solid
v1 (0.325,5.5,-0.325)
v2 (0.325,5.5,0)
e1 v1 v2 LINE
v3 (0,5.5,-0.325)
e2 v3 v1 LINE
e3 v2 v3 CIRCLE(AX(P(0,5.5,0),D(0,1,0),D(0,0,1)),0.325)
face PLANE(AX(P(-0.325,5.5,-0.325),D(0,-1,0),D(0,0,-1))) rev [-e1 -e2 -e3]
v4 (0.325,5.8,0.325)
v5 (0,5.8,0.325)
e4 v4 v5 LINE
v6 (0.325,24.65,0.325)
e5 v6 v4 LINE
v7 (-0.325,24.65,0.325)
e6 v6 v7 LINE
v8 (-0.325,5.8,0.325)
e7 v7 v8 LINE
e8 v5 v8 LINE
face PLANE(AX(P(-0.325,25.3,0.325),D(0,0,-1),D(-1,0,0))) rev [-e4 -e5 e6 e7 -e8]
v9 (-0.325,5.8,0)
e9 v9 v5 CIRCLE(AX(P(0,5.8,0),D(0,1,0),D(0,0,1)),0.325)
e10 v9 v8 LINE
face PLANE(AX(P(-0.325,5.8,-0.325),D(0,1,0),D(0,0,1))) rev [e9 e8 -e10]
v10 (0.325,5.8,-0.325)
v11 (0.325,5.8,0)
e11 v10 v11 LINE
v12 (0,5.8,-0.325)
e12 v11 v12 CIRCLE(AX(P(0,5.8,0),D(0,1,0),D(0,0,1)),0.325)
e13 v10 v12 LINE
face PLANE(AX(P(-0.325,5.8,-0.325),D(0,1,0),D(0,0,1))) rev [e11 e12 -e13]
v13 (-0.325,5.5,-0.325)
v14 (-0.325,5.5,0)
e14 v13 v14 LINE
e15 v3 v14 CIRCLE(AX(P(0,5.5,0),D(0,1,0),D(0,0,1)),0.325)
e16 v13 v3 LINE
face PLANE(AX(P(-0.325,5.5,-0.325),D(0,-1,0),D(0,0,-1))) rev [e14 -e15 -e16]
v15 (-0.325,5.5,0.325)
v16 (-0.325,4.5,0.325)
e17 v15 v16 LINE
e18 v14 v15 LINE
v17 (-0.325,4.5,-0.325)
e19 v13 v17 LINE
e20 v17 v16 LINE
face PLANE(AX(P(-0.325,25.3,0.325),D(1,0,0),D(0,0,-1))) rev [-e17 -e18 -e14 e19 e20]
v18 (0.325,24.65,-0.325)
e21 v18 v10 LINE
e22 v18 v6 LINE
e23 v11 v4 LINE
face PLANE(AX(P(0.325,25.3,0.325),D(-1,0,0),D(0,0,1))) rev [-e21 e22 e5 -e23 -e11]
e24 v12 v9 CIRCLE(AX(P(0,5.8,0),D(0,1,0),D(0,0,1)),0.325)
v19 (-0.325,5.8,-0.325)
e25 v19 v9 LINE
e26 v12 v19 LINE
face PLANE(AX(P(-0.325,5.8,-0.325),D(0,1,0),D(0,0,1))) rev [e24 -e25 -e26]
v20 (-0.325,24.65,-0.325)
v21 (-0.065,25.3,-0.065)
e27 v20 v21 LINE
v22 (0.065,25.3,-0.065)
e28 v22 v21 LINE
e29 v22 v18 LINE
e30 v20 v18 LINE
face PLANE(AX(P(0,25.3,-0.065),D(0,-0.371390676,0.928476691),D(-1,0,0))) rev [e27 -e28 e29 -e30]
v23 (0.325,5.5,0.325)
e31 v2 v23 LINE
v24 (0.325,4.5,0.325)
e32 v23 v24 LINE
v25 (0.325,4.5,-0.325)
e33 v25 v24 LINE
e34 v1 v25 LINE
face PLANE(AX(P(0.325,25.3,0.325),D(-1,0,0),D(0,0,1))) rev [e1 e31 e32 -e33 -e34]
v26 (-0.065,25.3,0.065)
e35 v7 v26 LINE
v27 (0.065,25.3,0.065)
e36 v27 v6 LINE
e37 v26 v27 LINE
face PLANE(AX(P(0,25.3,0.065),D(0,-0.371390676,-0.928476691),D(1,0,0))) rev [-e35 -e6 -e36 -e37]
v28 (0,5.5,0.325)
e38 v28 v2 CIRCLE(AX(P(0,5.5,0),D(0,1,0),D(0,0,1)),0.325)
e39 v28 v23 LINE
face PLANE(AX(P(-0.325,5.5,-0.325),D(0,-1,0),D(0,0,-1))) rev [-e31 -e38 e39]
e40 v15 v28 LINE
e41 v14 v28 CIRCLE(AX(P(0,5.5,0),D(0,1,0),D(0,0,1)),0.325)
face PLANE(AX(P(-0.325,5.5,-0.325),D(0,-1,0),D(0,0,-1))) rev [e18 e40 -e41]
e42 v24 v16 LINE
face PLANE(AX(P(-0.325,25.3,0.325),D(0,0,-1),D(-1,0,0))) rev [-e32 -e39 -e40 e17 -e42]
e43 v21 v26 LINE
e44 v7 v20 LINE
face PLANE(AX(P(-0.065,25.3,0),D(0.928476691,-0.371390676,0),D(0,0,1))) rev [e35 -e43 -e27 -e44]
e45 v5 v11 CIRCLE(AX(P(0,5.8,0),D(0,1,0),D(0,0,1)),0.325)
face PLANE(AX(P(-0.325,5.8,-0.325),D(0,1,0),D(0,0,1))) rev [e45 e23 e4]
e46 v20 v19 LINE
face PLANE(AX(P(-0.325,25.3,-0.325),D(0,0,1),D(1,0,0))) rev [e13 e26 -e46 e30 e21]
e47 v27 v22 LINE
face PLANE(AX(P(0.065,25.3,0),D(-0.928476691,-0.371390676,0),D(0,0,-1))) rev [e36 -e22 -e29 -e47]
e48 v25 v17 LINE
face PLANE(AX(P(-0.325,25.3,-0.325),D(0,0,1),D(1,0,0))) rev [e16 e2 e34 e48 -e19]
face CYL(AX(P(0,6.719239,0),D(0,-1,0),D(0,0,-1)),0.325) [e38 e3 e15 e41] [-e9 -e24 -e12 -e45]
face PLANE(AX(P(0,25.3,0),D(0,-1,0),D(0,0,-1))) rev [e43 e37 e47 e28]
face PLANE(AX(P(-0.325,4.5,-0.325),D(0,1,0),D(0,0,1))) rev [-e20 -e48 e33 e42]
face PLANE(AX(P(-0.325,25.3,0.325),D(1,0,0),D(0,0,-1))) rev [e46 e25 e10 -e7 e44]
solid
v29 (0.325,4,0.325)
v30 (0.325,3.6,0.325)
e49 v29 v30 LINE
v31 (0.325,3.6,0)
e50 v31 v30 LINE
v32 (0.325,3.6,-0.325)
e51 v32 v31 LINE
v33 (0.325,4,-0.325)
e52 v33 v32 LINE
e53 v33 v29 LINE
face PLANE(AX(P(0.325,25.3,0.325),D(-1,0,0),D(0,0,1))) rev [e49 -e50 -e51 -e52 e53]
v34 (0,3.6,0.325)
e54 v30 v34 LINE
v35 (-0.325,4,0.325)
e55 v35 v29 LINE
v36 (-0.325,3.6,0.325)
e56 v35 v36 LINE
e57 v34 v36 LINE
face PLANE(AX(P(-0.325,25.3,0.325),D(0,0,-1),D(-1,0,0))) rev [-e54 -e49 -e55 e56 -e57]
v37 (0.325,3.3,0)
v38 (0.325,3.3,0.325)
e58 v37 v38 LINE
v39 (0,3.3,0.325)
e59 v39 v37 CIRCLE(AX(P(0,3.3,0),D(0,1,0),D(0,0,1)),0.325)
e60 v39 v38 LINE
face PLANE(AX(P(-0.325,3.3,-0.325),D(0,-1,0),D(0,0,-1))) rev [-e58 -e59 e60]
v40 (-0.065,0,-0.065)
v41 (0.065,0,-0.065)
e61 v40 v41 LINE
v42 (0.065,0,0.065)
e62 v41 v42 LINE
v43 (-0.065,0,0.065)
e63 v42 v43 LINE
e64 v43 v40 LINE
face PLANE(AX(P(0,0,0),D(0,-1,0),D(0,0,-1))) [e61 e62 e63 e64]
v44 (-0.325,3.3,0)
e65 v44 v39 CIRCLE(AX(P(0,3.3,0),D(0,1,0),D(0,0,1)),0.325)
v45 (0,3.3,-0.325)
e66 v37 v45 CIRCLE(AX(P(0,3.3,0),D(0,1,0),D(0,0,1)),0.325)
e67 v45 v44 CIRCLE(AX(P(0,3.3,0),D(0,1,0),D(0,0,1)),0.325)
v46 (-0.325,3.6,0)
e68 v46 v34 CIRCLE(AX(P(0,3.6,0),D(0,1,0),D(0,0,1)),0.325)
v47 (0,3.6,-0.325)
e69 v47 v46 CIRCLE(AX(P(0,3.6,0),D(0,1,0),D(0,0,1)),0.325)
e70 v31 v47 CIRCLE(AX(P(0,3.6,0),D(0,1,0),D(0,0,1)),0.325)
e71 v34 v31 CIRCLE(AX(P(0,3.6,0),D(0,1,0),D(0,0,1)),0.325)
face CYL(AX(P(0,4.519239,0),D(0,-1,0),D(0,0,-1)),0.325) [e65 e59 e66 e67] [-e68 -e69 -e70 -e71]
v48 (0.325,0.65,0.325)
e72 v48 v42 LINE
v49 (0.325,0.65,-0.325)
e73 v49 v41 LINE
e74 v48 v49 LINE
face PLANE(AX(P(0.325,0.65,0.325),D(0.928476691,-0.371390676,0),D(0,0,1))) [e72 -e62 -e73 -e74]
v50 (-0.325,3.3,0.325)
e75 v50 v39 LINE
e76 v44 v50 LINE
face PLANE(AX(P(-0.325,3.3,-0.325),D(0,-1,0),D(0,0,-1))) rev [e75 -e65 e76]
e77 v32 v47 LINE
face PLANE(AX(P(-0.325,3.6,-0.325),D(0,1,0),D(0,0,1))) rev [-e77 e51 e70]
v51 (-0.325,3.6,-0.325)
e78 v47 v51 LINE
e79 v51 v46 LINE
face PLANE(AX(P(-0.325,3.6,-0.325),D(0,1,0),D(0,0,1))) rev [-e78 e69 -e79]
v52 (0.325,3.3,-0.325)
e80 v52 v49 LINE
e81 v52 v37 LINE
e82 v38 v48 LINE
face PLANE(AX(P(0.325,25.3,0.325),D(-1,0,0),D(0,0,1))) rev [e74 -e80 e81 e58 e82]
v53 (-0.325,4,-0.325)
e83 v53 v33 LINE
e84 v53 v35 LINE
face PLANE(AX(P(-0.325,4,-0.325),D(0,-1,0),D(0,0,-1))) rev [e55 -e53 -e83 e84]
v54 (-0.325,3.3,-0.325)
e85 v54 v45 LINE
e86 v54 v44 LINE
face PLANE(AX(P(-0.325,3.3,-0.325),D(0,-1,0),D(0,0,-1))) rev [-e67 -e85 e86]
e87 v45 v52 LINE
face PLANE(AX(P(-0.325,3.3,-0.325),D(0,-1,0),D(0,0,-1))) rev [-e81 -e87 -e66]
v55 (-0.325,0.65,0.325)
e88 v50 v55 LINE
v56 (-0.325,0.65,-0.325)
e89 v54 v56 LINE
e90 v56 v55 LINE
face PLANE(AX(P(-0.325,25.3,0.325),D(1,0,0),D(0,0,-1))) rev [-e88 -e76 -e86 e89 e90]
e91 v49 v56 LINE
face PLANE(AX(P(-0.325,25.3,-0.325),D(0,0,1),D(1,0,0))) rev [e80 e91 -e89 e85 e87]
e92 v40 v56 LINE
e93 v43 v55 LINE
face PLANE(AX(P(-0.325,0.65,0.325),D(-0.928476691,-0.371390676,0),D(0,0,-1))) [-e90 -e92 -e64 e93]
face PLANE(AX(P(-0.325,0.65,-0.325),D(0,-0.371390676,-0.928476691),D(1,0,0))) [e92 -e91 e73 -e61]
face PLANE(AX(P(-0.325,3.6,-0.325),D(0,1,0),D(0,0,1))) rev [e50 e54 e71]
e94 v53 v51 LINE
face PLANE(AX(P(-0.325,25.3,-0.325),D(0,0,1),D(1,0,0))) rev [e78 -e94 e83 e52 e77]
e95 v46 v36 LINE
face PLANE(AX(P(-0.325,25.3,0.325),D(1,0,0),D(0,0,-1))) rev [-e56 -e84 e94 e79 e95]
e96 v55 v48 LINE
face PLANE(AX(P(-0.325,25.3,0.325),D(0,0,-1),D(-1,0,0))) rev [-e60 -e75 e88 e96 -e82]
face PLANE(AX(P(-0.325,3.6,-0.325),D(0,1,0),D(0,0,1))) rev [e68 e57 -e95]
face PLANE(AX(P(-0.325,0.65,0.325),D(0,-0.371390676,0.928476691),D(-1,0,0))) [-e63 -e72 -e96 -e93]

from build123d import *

# Parameters (mm, degrees)
SKETCH2_W             = 0.65
SKETCH2_H             = 0.65
BOSS_EXTRUDE1_DEPTH   = 25.3
SKETCH6_W             = 0.65
SKETCH6_H             = 0.5
CUT_EXTRUDE1_DEPTH    = 1.65
SKETCH7_W             = 0.65
SKETCH7_H             = 0.3
CUT_EXTRUDE2_DEPTH    = 1.65
SKETCH8_R             = 0.325
BOSS_EXTRUDE2_DEPTH   = 0.3
SKETCH9_W             = 0.65
SKETCH9_H             = 0.3
CUT_EXTRUDE3_DEPTH    = 1.65
SKETCH10_R            = 0.325
BOSS_EXTRUDE3_DEPTH   = 0.3
CHAMFER1_SIZE         = 0.65
CHAMFER1_SIZE2        = 0.26
CHAMFER1_PART_2_SIZE  = 0.65
CHAMFER1_PART_2_SIZE2 = 0.26
CHAMFER1_PART_3_SIZE  = 0.65
CHAMFER1_PART_3_SIZE2 = 0.26
CHAMFER1_PART_4_SIZE  = 0.65
CHAMFER1_PART_4_SIZE2 = 0.26
CHAMFER2_SIZE         = 0.26
CHAMFER2_SIZE2        = 0.65


with BuildPart() as part:
    # Sketch2 → Boss-Extrude1 (new body)
    with BuildSketch(Plane(origin=(0, 0, 0), x_dir=(1, 0, 0), z_dir=(0, 1, 0))):
        Rectangle(SKETCH2_W, SKETCH2_H)
    extrude(amount=BOSS_EXTRUDE1_DEPTH)

    # Sketch6 → Cut-Extrude1 (cut, through all)
    with BuildSketch(Plane.XY.offset(0.325)):
        with Locations((0, 4.25)):
            Rectangle(SKETCH6_W, SKETCH6_H)
    extrude(amount=-CUT_EXTRUDE1_DEPTH, mode=Mode.SUBTRACT)

    # Sketch7 → Cut-Extrude2 (cut, through all)
    with BuildSketch(Plane.XY.offset(0.325)):
        with Locations((0, 3.45)):
            Rectangle(SKETCH7_W, SKETCH7_H)
    extrude(amount=-CUT_EXTRUDE2_DEPTH, mode=Mode.SUBTRACT)

    # Sketch8 → Boss-Extrude2 (add)
    with BuildSketch(Plane(origin=(0, 3.3, 0), x_dir=(1, 0, 0), z_dir=(0, 1, 0))):
        Circle(SKETCH8_R)
    extrude(amount=BOSS_EXTRUDE2_DEPTH)

    # Sketch9 → Cut-Extrude3 (cut, through all)
    with BuildSketch(Plane.XY.offset(0.325)):
        with Locations((0, 5.65)):
            Rectangle(SKETCH9_W, SKETCH9_H)
    extrude(amount=-CUT_EXTRUDE3_DEPTH, mode=Mode.SUBTRACT)

    # Sketch10 → Boss-Extrude3 (add)
    with BuildSketch(Plane(origin=(0, 5.5, 0), x_dir=(1, 0, 0), z_dir=(0, 1, 0))):
        Circle(SKETCH10_R)
    extrude(amount=BOSS_EXTRUDE3_DEPTH)

    # Chamfer1
    chamfer1_edges = [part.edges().sort_by_distance(p)[0] for p in [
        (0.325, 25.3, 0),
    ]]
    chamfer1_side = [part.faces().sort_by_distance(p)[0] for p in [
        (0.325, 15.55, 0),
    ]]
    chamfer(chamfer1_edges, length=CHAMFER1_SIZE, length2=CHAMFER1_SIZE2, reference=chamfer1_side[0])

    # Chamfer1 part 2
    chamfer1_part_2_edges = [part.edges().sort_by_distance(p)[0] for p in [
        (0, 25.3, -0.325),
    ]]
    chamfer1_part_2_side = [part.faces().sort_by_distance(p)[0] for p in [
        (0, 15.55, -0.325),
    ]]
    chamfer(chamfer1_part_2_edges, length=CHAMFER1_PART_2_SIZE, length2=CHAMFER1_PART_2_SIZE2, reference=chamfer1_part_2_side[0])

    # Chamfer1 part 3
    chamfer1_part_3_edges = [part.edges().sort_by_distance(p)[0] for p in [
        (-0.325, 25.3, 0),
    ]]
    chamfer1_part_3_side = [part.faces().sort_by_distance(p)[0] for p in [
        (-0.325, 15.55, 0),
    ]]
    chamfer(chamfer1_part_3_edges, length=CHAMFER1_PART_3_SIZE, length2=CHAMFER1_PART_3_SIZE2, reference=chamfer1_part_3_side[0])

    # Chamfer1 part 4
    chamfer1_part_4_edges = [part.edges().sort_by_distance(p)[0] for p in [
        (0, 25.3, 0.325),
    ]]
    chamfer1_part_4_side = [part.faces().sort_by_distance(p)[0] for p in [
        (0, 15.55, 0.325),
    ]]
    chamfer(chamfer1_part_4_edges, length=CHAMFER1_PART_4_SIZE, length2=CHAMFER1_PART_4_SIZE2, reference=chamfer1_part_4_side[0])

    # Chamfer2
    chamfer2_edges = [part.edges().sort_by_distance(p)[0] for p in [
        (0, 0, 0.325),
        (-0.325, 0, 0),
        (0, 0, -0.325),
        (0.325, 0, 0),
    ]]
    chamfer2_side = [part.faces().sort_by_distance(p)[0] for p in [
        (0, 0, 0),
    ]]
    chamfer(chamfer2_edges, length=CHAMFER2_SIZE, length2=CHAMFER2_SIZE2, reference=chamfer2_side[0])


solid = part.part
